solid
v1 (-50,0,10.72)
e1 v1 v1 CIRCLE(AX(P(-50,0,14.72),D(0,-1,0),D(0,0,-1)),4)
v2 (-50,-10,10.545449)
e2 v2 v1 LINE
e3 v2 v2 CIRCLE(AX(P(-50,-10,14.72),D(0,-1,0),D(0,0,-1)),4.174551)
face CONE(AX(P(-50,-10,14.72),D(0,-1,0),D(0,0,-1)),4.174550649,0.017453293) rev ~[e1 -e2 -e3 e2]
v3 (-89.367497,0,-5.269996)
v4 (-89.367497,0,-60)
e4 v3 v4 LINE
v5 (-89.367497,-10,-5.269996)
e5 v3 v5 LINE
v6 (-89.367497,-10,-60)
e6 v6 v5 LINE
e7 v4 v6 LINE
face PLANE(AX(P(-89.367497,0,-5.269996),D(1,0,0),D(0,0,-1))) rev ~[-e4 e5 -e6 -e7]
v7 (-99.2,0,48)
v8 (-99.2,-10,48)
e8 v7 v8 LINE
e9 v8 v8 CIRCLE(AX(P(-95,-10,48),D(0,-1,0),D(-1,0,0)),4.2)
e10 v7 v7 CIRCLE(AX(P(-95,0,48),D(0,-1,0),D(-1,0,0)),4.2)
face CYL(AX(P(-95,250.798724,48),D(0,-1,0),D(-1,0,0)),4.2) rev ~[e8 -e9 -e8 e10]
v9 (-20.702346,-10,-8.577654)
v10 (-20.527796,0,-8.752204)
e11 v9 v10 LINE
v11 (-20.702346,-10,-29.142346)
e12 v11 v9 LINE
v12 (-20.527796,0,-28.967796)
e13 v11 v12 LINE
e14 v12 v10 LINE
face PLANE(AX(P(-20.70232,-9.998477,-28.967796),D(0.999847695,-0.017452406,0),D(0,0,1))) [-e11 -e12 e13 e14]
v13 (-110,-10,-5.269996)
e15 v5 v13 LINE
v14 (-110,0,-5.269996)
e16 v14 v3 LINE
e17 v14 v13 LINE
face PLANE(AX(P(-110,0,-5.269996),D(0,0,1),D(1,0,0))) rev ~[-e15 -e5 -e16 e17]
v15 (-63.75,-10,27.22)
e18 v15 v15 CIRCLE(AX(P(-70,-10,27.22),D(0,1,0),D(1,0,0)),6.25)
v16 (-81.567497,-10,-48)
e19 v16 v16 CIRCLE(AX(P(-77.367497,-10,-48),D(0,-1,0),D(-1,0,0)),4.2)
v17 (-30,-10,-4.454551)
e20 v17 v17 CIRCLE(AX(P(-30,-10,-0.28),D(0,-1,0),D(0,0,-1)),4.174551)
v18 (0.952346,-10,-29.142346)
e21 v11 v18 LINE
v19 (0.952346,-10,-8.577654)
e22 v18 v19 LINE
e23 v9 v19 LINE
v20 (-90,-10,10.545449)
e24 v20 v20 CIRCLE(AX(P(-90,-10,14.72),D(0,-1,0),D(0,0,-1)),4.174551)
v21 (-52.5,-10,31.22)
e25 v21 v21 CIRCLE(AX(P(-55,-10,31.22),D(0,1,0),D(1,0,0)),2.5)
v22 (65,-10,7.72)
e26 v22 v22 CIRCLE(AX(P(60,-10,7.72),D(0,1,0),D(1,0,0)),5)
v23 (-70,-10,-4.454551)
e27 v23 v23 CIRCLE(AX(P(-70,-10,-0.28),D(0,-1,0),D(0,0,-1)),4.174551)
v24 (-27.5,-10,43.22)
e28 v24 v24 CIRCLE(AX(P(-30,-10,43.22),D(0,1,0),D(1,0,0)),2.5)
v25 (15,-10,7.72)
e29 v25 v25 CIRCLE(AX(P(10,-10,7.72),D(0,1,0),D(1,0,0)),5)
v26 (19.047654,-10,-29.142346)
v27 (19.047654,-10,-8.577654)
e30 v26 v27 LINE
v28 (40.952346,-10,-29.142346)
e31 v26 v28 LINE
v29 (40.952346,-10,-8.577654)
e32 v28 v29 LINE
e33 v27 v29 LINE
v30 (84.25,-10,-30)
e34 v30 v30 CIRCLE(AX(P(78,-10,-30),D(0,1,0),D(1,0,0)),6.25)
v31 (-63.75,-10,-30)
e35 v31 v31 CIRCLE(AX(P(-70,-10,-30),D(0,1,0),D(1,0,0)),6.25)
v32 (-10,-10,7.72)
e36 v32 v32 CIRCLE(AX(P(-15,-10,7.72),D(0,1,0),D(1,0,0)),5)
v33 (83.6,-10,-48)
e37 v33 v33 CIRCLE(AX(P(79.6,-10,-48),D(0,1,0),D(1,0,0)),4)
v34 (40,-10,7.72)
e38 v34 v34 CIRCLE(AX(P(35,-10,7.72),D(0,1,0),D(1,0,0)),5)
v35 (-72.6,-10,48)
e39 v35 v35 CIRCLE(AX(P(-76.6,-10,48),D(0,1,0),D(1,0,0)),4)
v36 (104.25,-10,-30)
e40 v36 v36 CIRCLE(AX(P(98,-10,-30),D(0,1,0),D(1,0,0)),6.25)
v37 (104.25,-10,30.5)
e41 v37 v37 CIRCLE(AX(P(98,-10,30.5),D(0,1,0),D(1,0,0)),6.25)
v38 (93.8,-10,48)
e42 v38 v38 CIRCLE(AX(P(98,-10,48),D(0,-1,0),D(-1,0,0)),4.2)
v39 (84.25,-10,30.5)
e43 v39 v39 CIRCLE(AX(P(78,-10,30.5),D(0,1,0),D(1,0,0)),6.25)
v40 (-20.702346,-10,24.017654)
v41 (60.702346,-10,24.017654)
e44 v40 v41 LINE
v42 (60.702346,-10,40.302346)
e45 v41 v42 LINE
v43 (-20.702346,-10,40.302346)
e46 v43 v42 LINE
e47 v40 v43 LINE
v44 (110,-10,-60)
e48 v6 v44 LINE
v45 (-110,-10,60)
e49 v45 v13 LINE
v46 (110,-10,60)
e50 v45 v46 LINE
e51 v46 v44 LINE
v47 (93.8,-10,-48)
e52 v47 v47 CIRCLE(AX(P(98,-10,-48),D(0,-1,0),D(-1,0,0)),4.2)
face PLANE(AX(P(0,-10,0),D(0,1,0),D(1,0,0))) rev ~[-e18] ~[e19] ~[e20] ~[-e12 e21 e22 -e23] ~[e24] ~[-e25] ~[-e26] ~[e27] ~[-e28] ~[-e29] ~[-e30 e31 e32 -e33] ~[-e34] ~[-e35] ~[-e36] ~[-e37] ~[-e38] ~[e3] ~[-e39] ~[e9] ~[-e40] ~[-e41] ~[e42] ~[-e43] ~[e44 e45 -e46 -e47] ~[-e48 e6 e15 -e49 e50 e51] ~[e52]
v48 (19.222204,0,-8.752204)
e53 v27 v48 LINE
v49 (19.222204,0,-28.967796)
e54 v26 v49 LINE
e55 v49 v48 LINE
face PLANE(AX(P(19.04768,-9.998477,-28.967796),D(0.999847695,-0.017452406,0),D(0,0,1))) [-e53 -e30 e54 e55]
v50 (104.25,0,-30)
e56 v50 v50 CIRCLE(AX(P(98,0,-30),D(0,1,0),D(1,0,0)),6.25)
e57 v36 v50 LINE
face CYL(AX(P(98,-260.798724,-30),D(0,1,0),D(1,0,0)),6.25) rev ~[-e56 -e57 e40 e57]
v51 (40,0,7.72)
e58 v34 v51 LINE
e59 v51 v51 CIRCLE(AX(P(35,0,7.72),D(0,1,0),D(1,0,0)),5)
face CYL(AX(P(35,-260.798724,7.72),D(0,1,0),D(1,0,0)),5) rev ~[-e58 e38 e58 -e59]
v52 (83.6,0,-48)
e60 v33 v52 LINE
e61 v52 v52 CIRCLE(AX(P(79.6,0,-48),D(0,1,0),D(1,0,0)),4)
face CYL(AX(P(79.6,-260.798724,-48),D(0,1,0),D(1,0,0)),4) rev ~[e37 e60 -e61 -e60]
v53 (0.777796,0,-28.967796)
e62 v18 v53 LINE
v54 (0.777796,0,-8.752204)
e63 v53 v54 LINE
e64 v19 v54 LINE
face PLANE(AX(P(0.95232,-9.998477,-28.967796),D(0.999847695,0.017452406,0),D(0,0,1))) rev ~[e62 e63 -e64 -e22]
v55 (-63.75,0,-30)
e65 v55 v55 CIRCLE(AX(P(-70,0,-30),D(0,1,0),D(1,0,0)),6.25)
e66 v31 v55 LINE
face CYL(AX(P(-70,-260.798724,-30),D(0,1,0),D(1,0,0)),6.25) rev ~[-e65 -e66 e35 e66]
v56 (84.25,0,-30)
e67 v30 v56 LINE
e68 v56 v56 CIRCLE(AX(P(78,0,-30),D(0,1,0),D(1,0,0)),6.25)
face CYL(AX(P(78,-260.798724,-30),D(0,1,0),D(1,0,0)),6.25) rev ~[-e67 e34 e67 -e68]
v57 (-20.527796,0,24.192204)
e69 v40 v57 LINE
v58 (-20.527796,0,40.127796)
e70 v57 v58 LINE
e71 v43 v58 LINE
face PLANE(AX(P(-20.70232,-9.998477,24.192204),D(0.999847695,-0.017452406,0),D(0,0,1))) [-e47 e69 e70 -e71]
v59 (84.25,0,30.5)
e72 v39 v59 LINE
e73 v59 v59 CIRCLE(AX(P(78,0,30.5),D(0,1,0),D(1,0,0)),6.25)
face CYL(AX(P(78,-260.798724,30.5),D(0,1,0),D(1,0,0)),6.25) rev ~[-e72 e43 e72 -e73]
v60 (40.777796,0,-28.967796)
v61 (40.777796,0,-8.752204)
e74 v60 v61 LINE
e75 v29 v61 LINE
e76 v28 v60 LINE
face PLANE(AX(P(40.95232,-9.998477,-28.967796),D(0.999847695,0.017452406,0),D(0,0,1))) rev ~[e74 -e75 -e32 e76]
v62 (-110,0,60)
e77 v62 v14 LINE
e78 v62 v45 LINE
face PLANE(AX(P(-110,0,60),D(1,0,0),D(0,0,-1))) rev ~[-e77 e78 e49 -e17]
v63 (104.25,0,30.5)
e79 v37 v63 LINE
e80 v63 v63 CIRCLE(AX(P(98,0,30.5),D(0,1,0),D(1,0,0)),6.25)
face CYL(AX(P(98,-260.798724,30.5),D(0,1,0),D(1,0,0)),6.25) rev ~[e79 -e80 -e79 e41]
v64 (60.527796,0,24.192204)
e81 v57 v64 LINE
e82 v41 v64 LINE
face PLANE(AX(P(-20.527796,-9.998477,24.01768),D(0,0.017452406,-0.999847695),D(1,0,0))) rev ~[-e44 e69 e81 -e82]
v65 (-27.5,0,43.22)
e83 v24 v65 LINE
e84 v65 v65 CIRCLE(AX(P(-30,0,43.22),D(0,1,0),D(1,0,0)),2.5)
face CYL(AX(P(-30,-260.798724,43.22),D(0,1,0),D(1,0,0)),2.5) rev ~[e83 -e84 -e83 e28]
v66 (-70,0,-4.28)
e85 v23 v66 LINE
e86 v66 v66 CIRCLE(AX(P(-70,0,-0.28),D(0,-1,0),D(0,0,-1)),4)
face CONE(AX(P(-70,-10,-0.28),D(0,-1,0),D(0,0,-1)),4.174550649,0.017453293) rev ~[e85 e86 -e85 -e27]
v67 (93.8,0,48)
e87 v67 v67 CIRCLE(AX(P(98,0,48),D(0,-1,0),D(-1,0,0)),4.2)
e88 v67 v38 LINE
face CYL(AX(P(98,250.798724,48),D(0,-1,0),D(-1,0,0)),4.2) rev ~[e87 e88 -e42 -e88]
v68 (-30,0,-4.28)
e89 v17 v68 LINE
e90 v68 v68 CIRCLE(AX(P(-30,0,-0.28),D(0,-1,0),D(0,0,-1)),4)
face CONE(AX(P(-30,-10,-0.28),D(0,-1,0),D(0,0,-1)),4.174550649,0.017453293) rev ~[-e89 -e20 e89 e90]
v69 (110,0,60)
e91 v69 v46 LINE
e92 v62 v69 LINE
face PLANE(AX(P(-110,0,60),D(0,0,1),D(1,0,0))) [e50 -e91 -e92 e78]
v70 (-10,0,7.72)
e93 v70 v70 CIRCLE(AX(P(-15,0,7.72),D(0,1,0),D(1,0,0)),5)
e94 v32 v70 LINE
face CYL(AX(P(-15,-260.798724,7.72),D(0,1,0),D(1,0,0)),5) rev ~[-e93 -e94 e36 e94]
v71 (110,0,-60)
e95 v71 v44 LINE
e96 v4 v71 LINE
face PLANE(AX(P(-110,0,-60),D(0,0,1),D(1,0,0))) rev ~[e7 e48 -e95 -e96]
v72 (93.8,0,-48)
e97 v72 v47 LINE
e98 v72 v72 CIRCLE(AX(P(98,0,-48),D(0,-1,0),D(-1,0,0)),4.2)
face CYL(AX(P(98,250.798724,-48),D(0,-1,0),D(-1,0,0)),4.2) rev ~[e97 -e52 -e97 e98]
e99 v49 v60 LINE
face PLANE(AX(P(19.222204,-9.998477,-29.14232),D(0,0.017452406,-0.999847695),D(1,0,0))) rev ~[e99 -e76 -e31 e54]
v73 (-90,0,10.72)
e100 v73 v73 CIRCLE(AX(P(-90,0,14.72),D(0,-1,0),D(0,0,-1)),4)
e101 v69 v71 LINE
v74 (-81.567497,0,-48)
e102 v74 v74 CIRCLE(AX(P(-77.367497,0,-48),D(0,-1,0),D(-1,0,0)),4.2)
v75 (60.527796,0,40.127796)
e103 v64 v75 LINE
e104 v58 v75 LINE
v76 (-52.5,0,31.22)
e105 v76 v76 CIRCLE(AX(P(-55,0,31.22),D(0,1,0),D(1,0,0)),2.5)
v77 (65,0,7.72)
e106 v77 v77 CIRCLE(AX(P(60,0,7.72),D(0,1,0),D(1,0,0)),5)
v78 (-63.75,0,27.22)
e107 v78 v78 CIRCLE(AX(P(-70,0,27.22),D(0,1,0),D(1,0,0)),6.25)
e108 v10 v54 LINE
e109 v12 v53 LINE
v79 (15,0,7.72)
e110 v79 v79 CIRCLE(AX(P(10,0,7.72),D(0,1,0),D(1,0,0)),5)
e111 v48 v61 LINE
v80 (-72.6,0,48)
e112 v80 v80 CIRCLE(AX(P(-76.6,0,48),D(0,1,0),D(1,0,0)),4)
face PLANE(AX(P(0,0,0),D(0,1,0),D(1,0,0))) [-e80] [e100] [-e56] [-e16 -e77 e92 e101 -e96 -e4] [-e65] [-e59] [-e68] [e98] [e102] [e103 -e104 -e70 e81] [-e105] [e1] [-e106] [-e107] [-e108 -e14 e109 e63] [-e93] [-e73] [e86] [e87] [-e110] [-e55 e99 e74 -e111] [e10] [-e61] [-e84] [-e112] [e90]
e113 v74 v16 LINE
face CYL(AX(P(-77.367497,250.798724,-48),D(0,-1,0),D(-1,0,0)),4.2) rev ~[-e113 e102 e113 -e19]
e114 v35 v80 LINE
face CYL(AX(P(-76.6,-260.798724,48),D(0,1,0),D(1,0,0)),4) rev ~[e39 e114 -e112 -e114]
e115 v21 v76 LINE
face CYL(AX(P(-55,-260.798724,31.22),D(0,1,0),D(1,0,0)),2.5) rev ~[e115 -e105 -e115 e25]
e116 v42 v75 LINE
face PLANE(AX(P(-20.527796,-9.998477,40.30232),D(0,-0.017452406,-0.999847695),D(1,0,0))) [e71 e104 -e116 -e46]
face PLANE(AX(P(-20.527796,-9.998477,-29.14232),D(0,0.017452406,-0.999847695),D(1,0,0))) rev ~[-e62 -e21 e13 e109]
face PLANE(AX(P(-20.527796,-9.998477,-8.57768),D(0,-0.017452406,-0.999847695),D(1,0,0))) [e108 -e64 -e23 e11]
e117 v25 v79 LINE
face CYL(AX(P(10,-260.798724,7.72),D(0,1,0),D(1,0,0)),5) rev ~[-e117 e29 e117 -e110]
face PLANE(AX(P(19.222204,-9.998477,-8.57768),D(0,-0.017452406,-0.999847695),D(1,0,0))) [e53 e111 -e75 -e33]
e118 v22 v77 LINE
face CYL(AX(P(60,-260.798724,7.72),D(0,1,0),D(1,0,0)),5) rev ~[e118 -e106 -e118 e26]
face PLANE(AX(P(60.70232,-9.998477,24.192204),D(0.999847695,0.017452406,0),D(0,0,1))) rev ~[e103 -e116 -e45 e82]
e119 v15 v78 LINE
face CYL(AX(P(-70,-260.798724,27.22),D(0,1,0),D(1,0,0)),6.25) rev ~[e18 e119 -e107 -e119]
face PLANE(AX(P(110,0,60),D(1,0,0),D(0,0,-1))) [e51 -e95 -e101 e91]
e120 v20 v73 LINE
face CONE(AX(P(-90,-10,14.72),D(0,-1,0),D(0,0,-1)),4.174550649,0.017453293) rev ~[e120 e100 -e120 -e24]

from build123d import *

# Parameters (mm, degrees)
SKETCH1_W                    = 220
SKETCH1_H                    = 120
BOSS_EXTRUDE1_DEPTH          = 10
CUT_EXTRUDE1_REACH           = 127.698
SKETCH2_W                    = 20.632503002
SKETCH2_H                    = 54.730004003
F_12_5_12_5_DIAMETER_HOLE1_D = 12.5
F_10_0_10_DIAMETER_HOLE1_D   = 10
F_5_0MM_DOWEL_HOLE1_D        = 5
CUT_EXTRUDE2_REACH           = 127.698
SKETCH12_R                   = 4
SKETCH12_W                   = 81.05559148
SKETCH12_H                   = 15.93559148
SKETCH12_W_2                 = 21.30559148
SKETCH12_H_2                 = 20.21559148
SKETCH12_W_3                 = 21.55559148
DRAFT1_ANGLE                 = -1
F_8_0MM_DOWEL_HOLE1_D        = 8
M8_CLEARANCE_HOLE1_D         = 8.4


with BuildPart() as part:
    # Sketch1 → Boss-Extrude1 (new body)
    with BuildSketch(Plane(origin=(0, 0, 0), x_dir=(1, 0, 0), z_dir=(0, 1, 0))):
        Rectangle(SKETCH1_W, SKETCH1_H)
    extrude(amount=-BOSS_EXTRUDE1_DEPTH)

    # Sketch2 → Cut-Extrude1 (cut, up to next)
    with BuildSketch(Plane(origin=(0, 0, 0), x_dir=(1, 0, 0), z_dir=(0, 1, 0)), mode=Mode.PRIVATE) as cut_extrude1_sk1:
        with Locations((-99.683748499, 32.634997999)):
            Rectangle(SKETCH2_W, SKETCH2_H)
    cut_extrude1_tool1 = extrude(cut_extrude1_sk1.sketch, amount=-CUT_EXTRUDE1_REACH, mode=Mode.PRIVATE) & part.part
    add(cut_extrude1_tool1.solids().sort_by_distance((-99.683748, 0, -32.634998))[0], mode=Mode.SUBTRACT)

    # Ø12.5 (12.5) Diameter Hole1 (through all)
    with Locations(Plane(origin=(0, -10, 0), x_dir=(-1, 0, 0), z_dir=(0, -1, 0))):
        with Locations((-98, 30), (-78, 30), (70, 30), (-98, -30.5), (-78, -30.5), (70, -27.22)):
            Hole(F_12_5_12_5_DIAMETER_HOLE1_D / 2)

    # Ø10.0 (10) Diameter Hole1 (through all)
    with Locations(Plane(origin=(0, -10, 0), x_dir=(-1, 0, 0), z_dir=(0, -1, 0))):
        with Locations((-60, -7.72), (-35, -7.72), (-10, -7.72), (15, -7.72)):
            Hole(F_10_0_10_DIAMETER_HOLE1_D / 2)

    # Ø5.0mm Dowel Hole1 (through all)
    with Locations(Plane(origin=(0, -10, 0), x_dir=(-1, 0, 0), z_dir=(0, -1, 0))):
        with Locations((30, -43.22), (55, -31.22)):
            Hole(F_5_0MM_DOWEL_HOLE1_D / 2)

    # Sketch12 → Cut-Extrude2 (cut, up to next)
    with BuildSketch(Plane.XZ.offset(10), mode=Mode.PRIVATE) as cut_extrude2_sk1:
        with Locations(Location((-90, 14.72, 0), (0, 0, 270))):
            Circle(SKETCH12_R)
    cut_extrude2_tool1 = extrude(cut_extrude2_sk1.sketch, amount=-CUT_EXTRUDE2_REACH, mode=Mode.PRIVATE) & part.part
    # Sketch12 → Cut-Extrude2 (cut, up to next)
    with BuildSketch(Plane.XZ.offset(10), mode=Mode.PRIVATE) as cut_extrude2_sk2:
        with Locations(Location((-70, -0.28, 0), (0, 0, 270))):
            Circle(SKETCH12_R)
    cut_extrude2_tool2 = extrude(cut_extrude2_sk2.sketch, amount=-CUT_EXTRUDE2_REACH, mode=Mode.PRIVATE) & part.part
    # Sketch12 → Cut-Extrude2 (cut, up to next)
    with BuildSketch(Plane.XZ.offset(10), mode=Mode.PRIVATE) as cut_extrude2_sk3:
        with Locations(Location((-50, 14.72, 0), (0, 0, 270))):
            Circle(SKETCH12_R)
    cut_extrude2_tool3 = extrude(cut_extrude2_sk3.sketch, amount=-CUT_EXTRUDE2_REACH, mode=Mode.PRIVATE) & part.part
    # Sketch12 → Cut-Extrude2 (cut, up to next)
    with BuildSketch(Plane.XZ.offset(10), mode=Mode.PRIVATE) as cut_extrude2_sk4:
        with Locations(Location((-30, -0.28, 0), (0, 0, 270))):
            Circle(SKETCH12_R)
    cut_extrude2_tool4 = extrude(cut_extrude2_sk4.sketch, amount=-CUT_EXTRUDE2_REACH, mode=Mode.PRIVATE) & part.part
    # Sketch12 → Cut-Extrude2 (cut, up to next)
    with BuildSketch(Plane.XZ.offset(10), mode=Mode.PRIVATE) as cut_extrude2_sk5:
        with Locations((20, 32.16)):
            Rectangle(SKETCH12_W, SKETCH12_H)
    cut_extrude2_tool5 = extrude(cut_extrude2_sk5.sketch, amount=-CUT_EXTRUDE2_REACH, mode=Mode.PRIVATE) & part.part
    # Sketch12 → Cut-Extrude2 (cut, up to next)
    with BuildSketch(Plane.XZ.offset(10), mode=Mode.PRIVATE) as cut_extrude2_sk6:
        with Locations((-9.875, -18.86)):
            Rectangle(SKETCH12_W_2, SKETCH12_H_2)
    cut_extrude2_tool6 = extrude(cut_extrude2_sk6.sketch, amount=-CUT_EXTRUDE2_REACH, mode=Mode.PRIVATE) & part.part
    # Sketch12 → Cut-Extrude2 (cut, up to next)
    with BuildSketch(Plane.XZ.offset(10), mode=Mode.PRIVATE) as cut_extrude2_sk7:
        with Locations((30, -18.86)):
            Rectangle(SKETCH12_W_3, SKETCH12_H_2)
    cut_extrude2_tool7 = extrude(cut_extrude2_sk7.sketch, amount=-CUT_EXTRUDE2_REACH, mode=Mode.PRIVATE) & part.part
    add(cut_extrude2_tool1.solids().sort_by_distance((-90, -10, 14.72))[0], mode=Mode.SUBTRACT)
    add(cut_extrude2_tool2.solids().sort_by_distance((-70, -10, -0.28))[0], mode=Mode.SUBTRACT)
    add(cut_extrude2_tool3.solids().sort_by_distance((-50, -10, 14.72))[0], mode=Mode.SUBTRACT)
    add(cut_extrude2_tool4.solids().sort_by_distance((-30, -10, -0.28))[0], mode=Mode.SUBTRACT)
    add(cut_extrude2_tool5.solids().sort_by_distance((20, -10, 32.16))[0], mode=Mode.SUBTRACT)
    add(cut_extrude2_tool6.solids().sort_by_distance((-9.875, -10, -18.86))[0], mode=Mode.SUBTRACT)
    add(cut_extrude2_tool7.solids().sort_by_distance((30, -10, -18.86))[0], mode=Mode.SUBTRACT)

    # Draft1
    draft1_faces = [part.faces().sort_by_distance(p)[0] for p in [
        (60.52779574, -5, 32.16),
        (20, -5, 40.12779574),
        (-20.52779574, -5, 32.16),
        (20, -5, 24.19220426),
        (-9.875, -5, -8.75220426),
        (30, -5, -8.75220426),
        (40.77779574, -5, -18.86),
        (0.77779574, -5, -18.86),
        (-20.52779574, -5, -18.86),
        (19.22220426, -5, -18.86),
        (30, -5, -28.96779574),
        (-9.875, -5, -28.96779574),
        (-50, -5, 18.72),
        (-30, -5, 3.72),
        (-70, -5, 3.72),
        (-90, -5, 18.72),
    ]]
    draft(draft1_faces, Plane.ZX, DRAFT1_ANGLE)

    # Ø8.0mm Dowel Hole1 (through all)
    with Locations(Plane(origin=(0, -10, 0), x_dir=(-1, 0, 0), z_dir=(0, -1, 0))):
        with Locations((76.6, -48), (-79.6, 48)):
            Hole(F_8_0MM_DOWEL_HOLE1_D / 2)

    # M8 Clearance Hole1 (through all)
    with Locations(Plane(origin=(0, 0, 0), x_dir=(1, 0, 0), z_dir=(0, 1, 0))):
        with Locations((-95, -48), (98, -48), (98, 48), (-77.367496998, 48)):
            Hole(M8_CLEARANCE_HOLE1_D / 2)


solid = part.part
